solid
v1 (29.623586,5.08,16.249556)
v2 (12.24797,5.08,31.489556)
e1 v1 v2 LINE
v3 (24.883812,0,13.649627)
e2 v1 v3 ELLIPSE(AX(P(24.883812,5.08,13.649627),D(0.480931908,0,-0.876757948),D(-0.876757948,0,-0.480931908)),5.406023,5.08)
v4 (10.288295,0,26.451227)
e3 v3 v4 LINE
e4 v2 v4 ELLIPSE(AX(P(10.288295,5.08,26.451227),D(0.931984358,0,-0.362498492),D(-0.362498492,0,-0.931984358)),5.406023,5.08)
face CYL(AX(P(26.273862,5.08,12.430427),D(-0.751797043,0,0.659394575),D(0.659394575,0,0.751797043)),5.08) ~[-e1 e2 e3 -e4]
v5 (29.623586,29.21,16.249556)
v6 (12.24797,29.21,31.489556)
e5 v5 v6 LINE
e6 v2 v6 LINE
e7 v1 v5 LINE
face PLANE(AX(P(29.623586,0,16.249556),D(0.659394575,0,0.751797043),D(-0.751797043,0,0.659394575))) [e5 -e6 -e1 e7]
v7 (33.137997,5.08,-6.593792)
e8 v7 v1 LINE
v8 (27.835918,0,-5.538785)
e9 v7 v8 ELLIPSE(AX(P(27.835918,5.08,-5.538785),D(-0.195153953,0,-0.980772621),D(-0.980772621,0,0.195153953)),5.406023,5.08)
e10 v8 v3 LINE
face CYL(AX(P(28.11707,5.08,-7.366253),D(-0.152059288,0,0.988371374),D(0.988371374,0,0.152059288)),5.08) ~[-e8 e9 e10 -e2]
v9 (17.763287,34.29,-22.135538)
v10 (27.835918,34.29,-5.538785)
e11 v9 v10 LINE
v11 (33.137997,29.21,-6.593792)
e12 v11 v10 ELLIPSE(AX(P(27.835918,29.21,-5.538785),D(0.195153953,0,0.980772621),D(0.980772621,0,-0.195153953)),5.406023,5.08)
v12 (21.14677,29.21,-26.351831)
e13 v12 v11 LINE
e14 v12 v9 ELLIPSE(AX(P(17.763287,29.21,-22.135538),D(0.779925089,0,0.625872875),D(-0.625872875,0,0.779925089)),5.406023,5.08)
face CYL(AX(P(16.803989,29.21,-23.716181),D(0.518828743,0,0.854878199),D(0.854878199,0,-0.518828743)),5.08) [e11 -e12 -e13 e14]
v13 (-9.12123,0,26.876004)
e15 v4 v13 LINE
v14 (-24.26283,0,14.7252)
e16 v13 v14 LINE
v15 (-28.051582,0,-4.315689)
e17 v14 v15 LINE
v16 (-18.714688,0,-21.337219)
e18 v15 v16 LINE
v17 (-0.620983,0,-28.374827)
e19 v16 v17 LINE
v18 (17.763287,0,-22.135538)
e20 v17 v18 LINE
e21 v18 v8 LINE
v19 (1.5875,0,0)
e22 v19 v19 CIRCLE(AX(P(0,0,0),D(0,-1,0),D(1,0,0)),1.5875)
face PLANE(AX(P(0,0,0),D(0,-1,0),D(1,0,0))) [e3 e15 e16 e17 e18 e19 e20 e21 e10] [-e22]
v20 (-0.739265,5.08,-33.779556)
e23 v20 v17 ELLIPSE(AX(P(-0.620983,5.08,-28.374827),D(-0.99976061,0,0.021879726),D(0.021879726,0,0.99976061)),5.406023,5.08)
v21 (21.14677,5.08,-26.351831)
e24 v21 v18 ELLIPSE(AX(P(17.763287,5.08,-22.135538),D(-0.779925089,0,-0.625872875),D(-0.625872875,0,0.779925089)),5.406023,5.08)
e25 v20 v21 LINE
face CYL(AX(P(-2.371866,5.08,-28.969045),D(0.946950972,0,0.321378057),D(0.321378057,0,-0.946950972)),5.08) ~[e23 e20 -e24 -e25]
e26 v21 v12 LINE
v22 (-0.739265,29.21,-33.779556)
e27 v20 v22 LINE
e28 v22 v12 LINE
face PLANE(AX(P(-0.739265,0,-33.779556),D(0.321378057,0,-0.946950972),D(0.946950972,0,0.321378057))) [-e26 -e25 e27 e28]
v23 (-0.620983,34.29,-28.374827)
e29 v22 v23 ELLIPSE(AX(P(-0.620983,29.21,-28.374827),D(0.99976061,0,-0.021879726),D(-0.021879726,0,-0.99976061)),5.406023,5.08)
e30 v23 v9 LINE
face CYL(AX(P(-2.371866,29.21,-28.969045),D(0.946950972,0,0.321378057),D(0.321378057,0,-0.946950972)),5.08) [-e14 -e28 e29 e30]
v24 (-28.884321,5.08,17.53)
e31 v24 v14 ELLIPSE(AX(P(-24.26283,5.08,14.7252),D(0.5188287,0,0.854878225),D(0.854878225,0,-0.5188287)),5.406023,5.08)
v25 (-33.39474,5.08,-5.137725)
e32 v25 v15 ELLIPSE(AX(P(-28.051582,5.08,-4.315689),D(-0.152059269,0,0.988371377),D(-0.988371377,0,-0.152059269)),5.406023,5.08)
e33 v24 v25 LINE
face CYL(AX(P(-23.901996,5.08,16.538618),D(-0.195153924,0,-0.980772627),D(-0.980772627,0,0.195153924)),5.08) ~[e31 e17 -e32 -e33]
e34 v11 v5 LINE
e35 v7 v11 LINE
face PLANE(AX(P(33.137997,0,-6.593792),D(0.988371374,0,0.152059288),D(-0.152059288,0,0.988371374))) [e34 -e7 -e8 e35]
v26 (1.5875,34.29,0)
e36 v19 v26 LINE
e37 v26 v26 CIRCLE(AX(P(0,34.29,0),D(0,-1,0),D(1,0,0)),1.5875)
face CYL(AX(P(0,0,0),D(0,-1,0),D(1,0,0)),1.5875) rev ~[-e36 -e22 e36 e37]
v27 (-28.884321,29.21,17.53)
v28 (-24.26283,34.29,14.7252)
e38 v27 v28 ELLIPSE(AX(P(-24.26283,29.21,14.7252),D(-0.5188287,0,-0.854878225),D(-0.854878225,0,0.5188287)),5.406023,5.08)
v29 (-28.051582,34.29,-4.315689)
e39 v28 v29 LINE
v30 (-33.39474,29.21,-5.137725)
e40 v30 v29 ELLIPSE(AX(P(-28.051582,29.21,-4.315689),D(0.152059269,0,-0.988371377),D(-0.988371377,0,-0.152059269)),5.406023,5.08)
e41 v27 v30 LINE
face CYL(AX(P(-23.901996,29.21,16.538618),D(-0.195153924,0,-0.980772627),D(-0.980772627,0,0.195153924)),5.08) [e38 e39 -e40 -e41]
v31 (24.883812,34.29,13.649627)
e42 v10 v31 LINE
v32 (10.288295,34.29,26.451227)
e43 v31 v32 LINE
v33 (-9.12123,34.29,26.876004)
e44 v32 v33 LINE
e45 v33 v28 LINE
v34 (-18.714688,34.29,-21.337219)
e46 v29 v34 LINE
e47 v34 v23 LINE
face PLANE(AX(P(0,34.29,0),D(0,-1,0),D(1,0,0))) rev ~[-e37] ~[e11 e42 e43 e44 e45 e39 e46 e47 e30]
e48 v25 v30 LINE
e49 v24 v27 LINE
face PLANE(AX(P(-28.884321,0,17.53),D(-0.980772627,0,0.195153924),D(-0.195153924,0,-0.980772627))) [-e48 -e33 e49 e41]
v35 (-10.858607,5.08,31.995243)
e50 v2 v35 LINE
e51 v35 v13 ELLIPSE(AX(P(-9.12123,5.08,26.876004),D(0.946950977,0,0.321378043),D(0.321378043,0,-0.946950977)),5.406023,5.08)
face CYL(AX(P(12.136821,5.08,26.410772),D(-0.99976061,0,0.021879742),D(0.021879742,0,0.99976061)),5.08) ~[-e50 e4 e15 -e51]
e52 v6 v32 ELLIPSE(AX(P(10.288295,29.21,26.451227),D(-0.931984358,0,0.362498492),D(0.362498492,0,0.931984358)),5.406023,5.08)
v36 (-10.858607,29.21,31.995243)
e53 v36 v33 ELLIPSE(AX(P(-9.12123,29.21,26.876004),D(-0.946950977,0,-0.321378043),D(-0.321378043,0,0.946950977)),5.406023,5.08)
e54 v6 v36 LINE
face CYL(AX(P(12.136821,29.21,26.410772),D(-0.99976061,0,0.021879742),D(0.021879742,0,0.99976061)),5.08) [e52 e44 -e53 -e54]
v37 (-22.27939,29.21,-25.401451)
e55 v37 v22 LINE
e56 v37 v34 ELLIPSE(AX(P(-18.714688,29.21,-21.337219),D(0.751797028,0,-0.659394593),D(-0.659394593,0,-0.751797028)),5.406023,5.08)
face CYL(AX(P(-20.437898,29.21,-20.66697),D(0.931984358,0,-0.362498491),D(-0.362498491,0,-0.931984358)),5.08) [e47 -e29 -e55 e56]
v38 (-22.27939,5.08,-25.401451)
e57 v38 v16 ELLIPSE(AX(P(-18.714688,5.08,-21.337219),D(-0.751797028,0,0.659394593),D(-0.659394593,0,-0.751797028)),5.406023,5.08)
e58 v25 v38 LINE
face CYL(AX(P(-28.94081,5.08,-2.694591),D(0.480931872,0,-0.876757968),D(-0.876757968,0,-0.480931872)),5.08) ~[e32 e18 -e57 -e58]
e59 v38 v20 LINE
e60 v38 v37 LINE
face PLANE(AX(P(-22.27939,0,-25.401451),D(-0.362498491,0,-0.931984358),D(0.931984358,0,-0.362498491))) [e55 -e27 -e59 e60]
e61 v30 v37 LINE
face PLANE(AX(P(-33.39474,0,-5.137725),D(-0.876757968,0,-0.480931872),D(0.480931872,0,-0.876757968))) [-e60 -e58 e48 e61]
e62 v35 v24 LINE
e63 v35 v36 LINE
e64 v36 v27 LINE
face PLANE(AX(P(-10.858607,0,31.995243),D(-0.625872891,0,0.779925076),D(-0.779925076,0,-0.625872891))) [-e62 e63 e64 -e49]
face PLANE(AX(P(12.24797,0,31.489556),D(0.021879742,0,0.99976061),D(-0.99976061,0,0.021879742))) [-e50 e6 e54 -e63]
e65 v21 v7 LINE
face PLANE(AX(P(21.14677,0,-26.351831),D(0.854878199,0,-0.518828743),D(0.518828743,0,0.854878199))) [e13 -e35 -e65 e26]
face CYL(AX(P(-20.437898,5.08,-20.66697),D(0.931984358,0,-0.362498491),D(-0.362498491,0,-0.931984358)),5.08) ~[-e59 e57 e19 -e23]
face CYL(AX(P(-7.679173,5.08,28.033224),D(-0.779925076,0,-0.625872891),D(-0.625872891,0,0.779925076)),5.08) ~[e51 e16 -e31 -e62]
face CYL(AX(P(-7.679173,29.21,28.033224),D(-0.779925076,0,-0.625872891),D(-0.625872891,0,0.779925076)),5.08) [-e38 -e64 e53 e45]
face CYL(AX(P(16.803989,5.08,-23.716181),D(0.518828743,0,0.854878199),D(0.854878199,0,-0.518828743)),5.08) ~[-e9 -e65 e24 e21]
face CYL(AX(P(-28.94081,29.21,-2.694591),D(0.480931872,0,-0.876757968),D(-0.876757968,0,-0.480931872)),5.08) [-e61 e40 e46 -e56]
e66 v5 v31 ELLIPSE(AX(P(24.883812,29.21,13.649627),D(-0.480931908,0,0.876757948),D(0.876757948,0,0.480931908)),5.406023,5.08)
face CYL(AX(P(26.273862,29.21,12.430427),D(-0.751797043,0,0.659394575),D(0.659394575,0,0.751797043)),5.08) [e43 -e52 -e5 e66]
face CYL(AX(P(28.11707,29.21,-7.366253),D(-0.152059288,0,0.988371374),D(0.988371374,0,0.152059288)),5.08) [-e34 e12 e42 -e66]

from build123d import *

# Parameters (mm, degrees)
F0_R     = 1.5875
F1_DEPTH = 34.29
F2_R     = 5.08


with BuildPart() as f1:
    # F0 (on Front) → F1 (new body)
    with BuildSketch(Plane.XZ):
        Polygon((29.623586, 16.249556), (12.24797, 31.489556), (-10.858607, 31.995243), (-28.884321, 17.53), (-33.39474, -5.137725), (-22.27939, -25.401451), (-0.739265, -33.779556), (21.14677, -26.351831), (33.137997, -6.593792), align=None)
        Circle(F0_R, mode=Mode.SUBTRACT)
    extrude(amount=-F1_DEPTH)

    # F2
    f2_edges = [f1.edges().sort_by_distance(p)[0] for p in [
        (-31.139531, 0, 6.196138),
        (-27.837065, 0, -15.269588),
        (-19.871464, 0, 24.762621),
        (0.694682, 0, 31.742399),
        (20.935778, 0, 23.869556),
        (31.380791, 0, 4.827882),
        (27.142383, 0, -16.472812),
        (10.203753, 0, -30.065694),
        (-11.509327, 0, -29.590503),
        (27.142383, 34.29, -16.472812),
        (31.380791, 34.29, 4.827882),
        (20.935778, 34.29, 23.869556),
        (0.694682, 34.29, 31.742399),
        (-19.871464, 34.29, 24.762621),
        (-31.139531, 34.29, 6.196138),
        (-27.837065, 34.29, -15.269588),
        (-11.509327, 34.29, -29.590503),
        (10.203753, 34.29, -30.065694),
    ]]
    fillet(f2_edges, radius=F2_R)


solid = f1.part
